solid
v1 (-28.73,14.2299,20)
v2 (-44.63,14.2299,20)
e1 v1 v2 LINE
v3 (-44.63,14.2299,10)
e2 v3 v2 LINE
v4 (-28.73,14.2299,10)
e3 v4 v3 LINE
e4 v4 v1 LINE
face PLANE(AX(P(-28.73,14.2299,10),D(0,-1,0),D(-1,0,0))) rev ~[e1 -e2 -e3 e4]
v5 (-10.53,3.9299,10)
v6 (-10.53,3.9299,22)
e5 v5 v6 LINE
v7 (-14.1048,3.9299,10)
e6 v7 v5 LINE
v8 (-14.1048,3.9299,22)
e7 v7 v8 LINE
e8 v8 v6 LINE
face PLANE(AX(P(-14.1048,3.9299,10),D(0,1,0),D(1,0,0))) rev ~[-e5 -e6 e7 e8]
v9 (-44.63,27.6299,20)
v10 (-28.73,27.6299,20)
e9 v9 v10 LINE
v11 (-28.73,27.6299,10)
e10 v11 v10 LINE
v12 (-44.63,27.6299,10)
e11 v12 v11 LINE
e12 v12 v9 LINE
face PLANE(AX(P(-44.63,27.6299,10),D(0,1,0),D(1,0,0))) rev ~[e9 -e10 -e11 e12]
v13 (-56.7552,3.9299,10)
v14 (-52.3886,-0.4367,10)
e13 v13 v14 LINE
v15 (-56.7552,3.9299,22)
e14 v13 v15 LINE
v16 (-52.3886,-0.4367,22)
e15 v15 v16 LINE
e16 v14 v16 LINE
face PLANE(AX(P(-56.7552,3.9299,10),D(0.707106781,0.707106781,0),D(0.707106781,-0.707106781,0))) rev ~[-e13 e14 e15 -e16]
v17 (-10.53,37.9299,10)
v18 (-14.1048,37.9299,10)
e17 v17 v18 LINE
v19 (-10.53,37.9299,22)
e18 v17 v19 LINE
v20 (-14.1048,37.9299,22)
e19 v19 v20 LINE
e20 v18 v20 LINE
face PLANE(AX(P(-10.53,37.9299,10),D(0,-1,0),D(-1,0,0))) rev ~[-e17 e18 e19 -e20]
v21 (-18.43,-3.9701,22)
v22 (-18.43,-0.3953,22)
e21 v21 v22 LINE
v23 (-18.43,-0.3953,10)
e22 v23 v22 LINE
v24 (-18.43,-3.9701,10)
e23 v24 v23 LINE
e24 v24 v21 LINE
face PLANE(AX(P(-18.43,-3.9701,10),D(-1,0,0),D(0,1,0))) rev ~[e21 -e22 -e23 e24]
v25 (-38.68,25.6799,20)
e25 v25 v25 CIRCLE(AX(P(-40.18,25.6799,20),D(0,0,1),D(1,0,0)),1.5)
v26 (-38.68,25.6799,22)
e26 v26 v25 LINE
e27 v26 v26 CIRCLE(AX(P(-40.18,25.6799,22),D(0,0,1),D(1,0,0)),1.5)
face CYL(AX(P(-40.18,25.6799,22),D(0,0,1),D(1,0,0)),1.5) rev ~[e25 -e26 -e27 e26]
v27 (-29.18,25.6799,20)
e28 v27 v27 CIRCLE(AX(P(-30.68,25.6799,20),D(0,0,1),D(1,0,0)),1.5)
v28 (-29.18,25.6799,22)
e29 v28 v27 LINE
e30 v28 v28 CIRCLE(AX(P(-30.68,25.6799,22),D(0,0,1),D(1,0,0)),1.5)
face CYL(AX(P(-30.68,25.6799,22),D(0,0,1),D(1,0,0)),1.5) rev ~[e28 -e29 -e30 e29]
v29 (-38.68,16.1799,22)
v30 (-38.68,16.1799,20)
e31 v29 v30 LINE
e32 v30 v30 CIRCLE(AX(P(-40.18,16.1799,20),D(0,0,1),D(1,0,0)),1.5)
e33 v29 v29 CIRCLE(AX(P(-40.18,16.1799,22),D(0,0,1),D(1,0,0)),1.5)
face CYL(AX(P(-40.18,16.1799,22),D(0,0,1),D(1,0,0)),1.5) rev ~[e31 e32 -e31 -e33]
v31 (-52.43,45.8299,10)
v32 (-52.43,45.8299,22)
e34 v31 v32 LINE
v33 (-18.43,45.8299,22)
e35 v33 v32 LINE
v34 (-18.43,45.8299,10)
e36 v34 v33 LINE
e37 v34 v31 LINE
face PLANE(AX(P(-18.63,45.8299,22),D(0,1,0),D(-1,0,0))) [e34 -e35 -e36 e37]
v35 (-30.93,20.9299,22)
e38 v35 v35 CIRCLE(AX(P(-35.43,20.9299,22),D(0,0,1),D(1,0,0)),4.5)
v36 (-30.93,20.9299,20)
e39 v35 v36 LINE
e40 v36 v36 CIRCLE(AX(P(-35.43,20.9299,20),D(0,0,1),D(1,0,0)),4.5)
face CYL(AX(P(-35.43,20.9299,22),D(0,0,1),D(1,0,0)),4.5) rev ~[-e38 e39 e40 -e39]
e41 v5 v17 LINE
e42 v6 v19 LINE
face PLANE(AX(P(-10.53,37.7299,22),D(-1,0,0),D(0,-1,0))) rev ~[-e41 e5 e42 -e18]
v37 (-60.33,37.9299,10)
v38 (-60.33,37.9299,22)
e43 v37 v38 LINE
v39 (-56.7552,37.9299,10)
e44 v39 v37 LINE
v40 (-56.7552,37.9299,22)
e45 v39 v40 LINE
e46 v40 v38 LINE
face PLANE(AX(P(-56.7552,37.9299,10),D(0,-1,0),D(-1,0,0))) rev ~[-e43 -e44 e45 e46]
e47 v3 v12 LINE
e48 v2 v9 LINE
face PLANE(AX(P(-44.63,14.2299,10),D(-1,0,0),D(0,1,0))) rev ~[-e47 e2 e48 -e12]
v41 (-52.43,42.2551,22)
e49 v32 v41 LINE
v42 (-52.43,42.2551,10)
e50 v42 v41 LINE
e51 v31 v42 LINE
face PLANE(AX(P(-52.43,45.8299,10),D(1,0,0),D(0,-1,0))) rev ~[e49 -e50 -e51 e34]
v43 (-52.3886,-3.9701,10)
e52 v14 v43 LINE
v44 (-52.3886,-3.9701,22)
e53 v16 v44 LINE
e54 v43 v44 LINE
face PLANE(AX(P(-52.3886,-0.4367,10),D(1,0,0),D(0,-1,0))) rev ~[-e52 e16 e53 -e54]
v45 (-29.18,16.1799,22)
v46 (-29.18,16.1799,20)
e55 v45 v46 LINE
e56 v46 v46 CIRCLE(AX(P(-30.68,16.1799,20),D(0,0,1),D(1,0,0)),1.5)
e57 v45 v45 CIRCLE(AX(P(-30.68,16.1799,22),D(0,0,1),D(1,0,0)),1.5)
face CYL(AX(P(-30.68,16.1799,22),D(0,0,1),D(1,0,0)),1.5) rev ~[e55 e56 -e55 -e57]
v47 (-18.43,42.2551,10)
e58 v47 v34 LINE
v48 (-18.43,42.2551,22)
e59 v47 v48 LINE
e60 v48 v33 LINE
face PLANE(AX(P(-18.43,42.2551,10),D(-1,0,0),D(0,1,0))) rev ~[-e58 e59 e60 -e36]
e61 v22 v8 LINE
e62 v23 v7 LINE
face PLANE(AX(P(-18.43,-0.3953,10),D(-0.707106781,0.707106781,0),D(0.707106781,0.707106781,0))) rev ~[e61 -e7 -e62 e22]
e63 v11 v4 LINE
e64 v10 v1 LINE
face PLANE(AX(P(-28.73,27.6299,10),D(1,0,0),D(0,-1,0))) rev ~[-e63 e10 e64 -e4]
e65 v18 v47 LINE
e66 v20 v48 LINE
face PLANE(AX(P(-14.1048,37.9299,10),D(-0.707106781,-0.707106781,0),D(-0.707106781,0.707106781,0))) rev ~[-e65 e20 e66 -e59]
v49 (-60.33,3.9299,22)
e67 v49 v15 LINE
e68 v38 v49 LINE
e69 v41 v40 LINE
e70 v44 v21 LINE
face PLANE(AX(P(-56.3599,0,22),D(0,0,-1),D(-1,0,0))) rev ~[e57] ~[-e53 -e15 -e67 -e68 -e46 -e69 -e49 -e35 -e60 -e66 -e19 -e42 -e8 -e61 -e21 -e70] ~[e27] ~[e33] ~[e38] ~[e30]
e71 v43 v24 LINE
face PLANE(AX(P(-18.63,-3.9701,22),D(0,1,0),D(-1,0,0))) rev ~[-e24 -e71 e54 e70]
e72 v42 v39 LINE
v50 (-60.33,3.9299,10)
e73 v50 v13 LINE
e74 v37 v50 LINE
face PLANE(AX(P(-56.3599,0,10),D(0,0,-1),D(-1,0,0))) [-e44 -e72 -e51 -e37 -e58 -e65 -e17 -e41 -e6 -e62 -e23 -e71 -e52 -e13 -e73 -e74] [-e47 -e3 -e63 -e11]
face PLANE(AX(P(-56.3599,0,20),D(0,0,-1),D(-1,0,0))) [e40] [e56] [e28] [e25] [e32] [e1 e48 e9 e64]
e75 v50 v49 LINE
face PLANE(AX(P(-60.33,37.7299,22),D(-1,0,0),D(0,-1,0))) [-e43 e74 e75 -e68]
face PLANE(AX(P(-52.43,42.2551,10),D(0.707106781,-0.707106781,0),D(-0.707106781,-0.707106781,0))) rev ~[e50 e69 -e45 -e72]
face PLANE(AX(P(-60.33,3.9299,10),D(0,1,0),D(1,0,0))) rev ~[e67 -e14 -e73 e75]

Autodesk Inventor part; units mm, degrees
ref_plane "YZ Plane" through (0, 0, 0) normal (1, 0, 0) x (0, 1, 0)
ref_plane "XZ Plane" through (0, 0, 0) normal (0, 1, 0) x (-1, 0, 0)
ref_plane "Work Plane1" through (-56.3599, 0, 22) normal (0, 0, -1) x (-1, 0, 0)
sketch "Sketch1" plane through (-56.3599, 0, 22) normal (0, 0, -1) x (-1, 0, 0)
  line L0 (-4.0299, -0.3538) -> (-2.2322, 1.4439) construction
  arc A0 (-1.4439, 2.2322) -> (-2.2322, 1.4439) centre (-0.9299, 0.9299) ccw construction
  line L1 (-1.4439, 2.2322) -> (0.3538, 4.0299) construction
  line L2 (-37.8299, 42.8299) -> (-37.8299, 37.8299) construction
  line L3 (-37.8299, 37.8299) -> (-42.9208, 37.8299) construction
  line L4 (-37.8299, 42.2137) -> (-37.8299, 45.8299) construction
  line L5 (-37.8299, 45.8299) -> (-4.0299, 45.8299) construction
  line L6 (-4.0299, 45.8299) -> (-4.0299, 42.2137) construction
  line L7 (-4.0299, 4.0299) -> (0.3538, 4.0299) projected
  circle A1 centre (-20.9299, 20.9299) radius 17.5 projected
  line L8 (-20.9299, 58.9723) -> (17.1124, 20.9299) construction
  line L9 (17.1124, 20.9299) -> (-20.9299, -17.1124) construction
  line L10 (-20.9299, -17.1124) -> (-58.9723, 20.9299) construction
  line L11 (-58.9723, 20.9299) -> (-20.9299, 58.9723) construction
  line L12 (-20.9299, 58.9723) -> (-20.9299, -17.1124) construction
  line L13 (17.1124, 20.9299) -> (-58.9723, 20.9299) construction
  line L14 (-20.9299, 58.9723) -> (32.8701, 58.9723) construction
  line L15 (-43.4299, 43.4299) -> (1.5701, 43.4299) construction
  line L16 (1.5701, 43.4299) -> (1.5701, -1.5701) construction
  line L17 (1.5701, -1.5701) -> (-43.4299, -1.5701) construction
  line L18 (-43.4299, -1.5701) -> (-43.4299, 43.4299) construction
  line L19 (-43.4299, 43.4299) -> (1.5701, -1.5701) construction
  line L20 (1.5701, 43.4299) -> (-43.4299, -1.5701) construction
  line L21 (-43.4299, 5.3876) -> (-43.4299, 36.4723)
  line L22 (-43.4299, 36.4723) -> (-36.4723, 43.4299)
  line L23 (-36.4723, 43.4299) -> (-5.3876, 43.4299)
  line L24 (-5.3876, 43.4299) -> (1.5701, 36.4723)
  line L25 (1.5701, 36.4723) -> (1.5701, 5.3876)
  line L26 (1.5701, 5.3876) -> (-5.3876, -1.5701)
  line L27 (-5.3876, -1.5701) -> (-36.4723, -1.5701)
  line L28 (-36.4723, -1.5701) -> (-43.4299, 5.3876)
  line L29 (-4.0299, 42.2137) -> (-37.8299, 42.2137) projected
  line L30 (-4.0299, -0.3538) -> (-4.0299, 4.0299) projected
  circle A2 centre (-20.9299, 20.9299) radius 1.5
  line L31 (-10.9299, 10.9299) -> (-30.9299, 10.9299) construction
  line L32 (-30.9299, 10.9299) -> (-30.9299, 30.9299) construction
  line L33 (-30.9299, 30.9299) -> (-10.9299, 30.9299) construction
  line L34 (-10.9299, 30.9299) -> (-10.9299, 10.9299) construction
  line L35 (-10.9299, 10.9299) -> (-30.9299, 30.9299) construction
  line L36 (-30.9299, 10.9299) -> (-10.9299, 30.9299) construction
  circle A3 centre (-30.9299, 30.9299) radius 1.4
  circle A4 centre (-30.9299, 10.9299) radius 1.4
  circle A5 centre (-10.9299, 10.9299) radius 1.4
  line L37 (-45.8299, 37.8299) -> (-42.0723, 37.8299) construction
  line L38 (-42.1723, 37.7299) -> (-45.8299, 37.7299)
  line L39 (-45.8299, 37.7299) -> (-45.8299, 4.1299)
  line L40 (-45.8299, 4.1299) -> (-42.1723, 4.1299)
  line L41 (-42.1723, 4.1299) -> (-42.1723, 37.7299)
  line L42 (-45.8299, 4.0299) -> (-42.0723, 4.0299) construction
  line L43 (-45.8299, 37.8299) -> (-42.0723, 37.8299) projected
  line L44 (-37.7299, 45.8299) -> (-4.1299, 45.8299)
  line L45 (-4.1299, 45.8299) -> (-4.1299, 42.1723)
  line L46 (-4.1299, 42.1723) -> (-37.7299, 42.1723)
  line L47 (-37.7299, 42.1723) -> (-37.7299, 45.8299)
  line L48 (0.4701, 37.8299) -> (0.4701, 4.0299) construction
  line L49 (0.4701, 4.0299) -> (3.9701, 4.0299) construction
  line L50 (3.9701, 37.8299) -> (3.9701, 4.0299) construction
  line L51 (0.4701, 37.8299) -> (3.9701, 37.8299) construction
  line L52 (-45.8299, -3.9701) -> (-4.0299, -3.9701) construction
  line L53 (0.3124, 37.7299) -> (3.9701, 37.7299)
  line L54 (3.9701, 37.7299) -> (3.9701, 4.1299)
  line L55 (3.9701, 4.1299) -> (0.3124, 4.1299)
  line L56 (0.3124, 4.1299) -> (0.3124, 37.7299)
  line L57 (-4.1713, -0.3538) -> (-37.7299, -0.3538)
  line L58 (-37.7299, -0.3538) -> (-37.7299, -3.9701)
  line L59 (-37.7299, -3.9701) -> (-4.1713, -3.9701)
  line L60 (-4.1713, -3.9701) -> (-4.1713, -0.3538)
  point P0 (-37.8299, 4.0299)
  dimension "d18" = 53.8
  dimension "d19" = 45
  dimension "d20" = 53.8
  dimension "d21" = 45
  dimension "d22" = 45
  dimension "d30" = 20
  dimension "d31" = 20
  dimension "d32" = 2.8
  dimension "d33" = 2.8
  dimension "d34" = 2.8
  dimension "d35" = 3
  dimension "d36" = 0.1
  dimension "d37" = 0.1
  dimension "d38" = 0.1
  dimension "d39" = 0.1
extrude "Extrusion1" add sketch "Sketch1" along normal blind 12 contours L30 L26 L57 L28 L41 L22 L46 L24 L56 L7 | L7 L26 L30 | L56 L24 L25 L26 | L26 L25 L24 L53 L54 L55 | L60 L59 L58 L57 L28 L27 L26 | L26 L27 L28 L57 | L46 L22 L29 L24 | L24 L29 L45 | L40 L39 L38 L22 L21 L28 | L28 L21 L22 L41 | L29 L22 L23 L24 | L24 L23 L22 L29 L47 L44 L45 | L47 L29 L22 | A1 | A2 | A3 | A4 | A5
sketch "Skizze4" plane through (-56.3599, 0, 10) normal (0, 0, -1) x (-1, 0, 0)
  line L0 (-37.7299, 42.1723) -> (-42.1723, 37.7299) projected
  line L1 (-42.1723, 37.7299) -> (-45.8299, 37.7299) projected
  line L2 (-45.8299, 37.7299) -> (-45.8299, 4.1299) construction
  line L3 (-45.8299, 4.1299) -> (-42.1723, 4.1299) projected
  line L4 (-42.1723, 4.1299) -> (-37.6885, -0.3538) projected
  line L5 (-37.6885, -0.3538) -> (-37.7299, -0.3538) projected
  line L6 (-37.7299, -0.3538) -> (-37.7299, -3.9701) projected
  line L7 (-37.7299, -3.9701) -> (-4.1713, -3.9701) construction
  line L8 (-4.1713, -3.9701) -> (-4.1713, -0.3538) projected
  line L9 (-4.1713, -0.3538) -> (0.3124, 4.1299) projected
  line L10 (0.3124, 4.1299) -> (3.9701, 4.1299) projected
  line L11 (3.9701, 4.1299) -> (3.9701, 37.7299) construction
  line L12 (3.9701, 37.7299) -> (0.3124, 37.7299) projected
  line L13 (0.3124, 37.7299) -> (-4.1299, 42.1723) projected
  line L14 (-4.1299, 42.1723) -> (-4.1299, 45.8299) projected
  line L15 (-4.1299, 45.8299) -> (-37.7299, 45.8299) construction
  line L16 (-37.7299, 45.8299) -> (-37.7299, 42.1723) projected
  line L17 (-37.9299, 46.0299) -> (-3.9299, 46.0299) construction
  line L18 (-3.9299, 46.0299) -> (-3.9299, 42.2551)
  line L19 (-3.9299, 42.2551) -> (0.3953, 37.9299)
  line L20 (0.3953, 37.9299) -> (4.1701, 37.9299)
  line L21 (4.1701, 37.9299) -> (4.1701, 3.9299) construction
  line L22 (4.1701, 3.9299) -> (0.3953, 3.9299)
  line L23 (0.3953, 3.9299) -> (-3.9713, -0.4367)
  line L24 (-3.9713, -0.4367) -> (-3.9713, -4.1701)
  line L25 (-3.9713, -4.1701) -> (-37.9299, -4.1701) construction
  line L26 (-37.9299, -4.1701) -> (-37.9299, -0.3953)
  line L27 (-37.9299, -0.3953) -> (-42.2551, 3.9299)
  line L28 (-42.2551, 3.9299) -> (-46.0299, 3.9299)
  line L29 (-46.0299, 3.9299) -> (-46.0299, 37.9299) construction
  line L30 (-46.0299, 37.9299) -> (-42.2551, 37.9299)
  line L31 (-42.2551, 37.9299) -> (-37.9299, 42.2551)
  line L32 (-37.9299, 42.2551) -> (-37.9299, 46.0299)
  line L33 (-45.8299, 37.7299) -> (-45.8299, 37.9299)
  line L34 (-4.1299, 45.8299) -> (-37.7299, 45.8299) projected
  line L35 (-37.7299, 45.8299) -> (-37.9299, 45.8299)
  line L36 (-4.1299, 45.8299) -> (-3.9299, 45.8299)
  line L37 (3.9701, 37.7299) -> (3.9701, 37.9299)
  line L38 (3.9701, 4.1299) -> (3.9701, 37.7299) projected
  line L39 (3.9701, 4.1299) -> (3.9701, 3.9299)
  line L40 (-4.1713, -3.9701) -> (-3.9713, -3.9701)
  line L41 (-37.7299, -3.9701) -> (-37.9299, -3.9701)
  line L42 (-45.8299, 4.1299) -> (-45.8299, 3.9299)
  point P0 (-56.3599, 0)
  dimension "d40" = 0.2
extrude "IM_offset" add sketch "Skizze4" against normal up to surface (12 mm away)
ref_plane "Arbeitsebene5" through (-35.4299, 3.9299, 22) normal (-1, 0, 0) x (0, 0, 1)
ref_plane "Arbeitsebene6" through (-18.4299, 20.9299, 22) normal (0, 1, 0) x (-1, 0, 0)
sketch "Skizze31" plane through (-56.3599, 0, 10) normal (0, 0, -1) x (-1, 0, 0)
  line L0 (3.9701, 3.9299) -> (3.9701, 37.9299) projected
  line L1 (3.9701, 37.9299) -> (0.3953, 37.9299) projected
  line L2 (0.3953, 37.9299) -> (-3.9299, 42.2551) projected
  line L3 (-3.9299, 42.2551) -> (-3.9299, 45.8299) projected
  line L4 (-3.9299, 45.8299) -> (-37.9299, 45.8299) projected
  line L5 (-37.9299, 45.8299) -> (-37.9299, 42.2551) projected
  line L6 (-37.9299, 42.2551) -> (-42.2551, 37.9299) projected
  line L7 (-42.2551, 37.9299) -> (-45.8299, 37.9299) projected
  line L8 (-45.8299, 37.9299) -> (-45.8299, 3.9299) projected
  line L9 (-42.2551, 3.9299) -> (-45.8299, 3.9299) projected
  line L10 (-37.9299, -0.3953) -> (-42.2551, 3.9299) projected
  line L11 (-37.9299, -3.9701) -> (-37.9299, -0.3953) projected
  line L12 (-3.9713, -3.9701) -> (-37.9299, -3.9701) projected
  line L13 (-3.9713, -3.9701) -> (-3.9713, -0.4367) projected
  line L14 (-3.9713, -0.4367) -> (0.3953, 3.9299) projected
  line L15 (0.3953, 3.9299) -> (3.9701, 3.9299) projected
  line L16 (-11.9299, 27.4299) -> (-27.4299, 27.4299) projected
  line L17 (-11.9299, 14.4299) -> (-11.9299, 27.4299) projected
  line L18 (-27.4299, 14.4299) -> (-11.9299, 14.4299) projected
  line L19 (-27.4299, 27.4299) -> (-27.4299, 14.4299) projected
  circle A0 centre (-20.9299, 20.9299) radius 4.5 projected
  circle A1 centre (-25.6799, 25.6799) radius 0.75 projected
  circle A2 centre (-25.6799, 16.1799) radius 0.75 projected
  circle A3 centre (-16.1799, 16.1799) radius 0.75 projected
  circle A4 centre (-16.1799, 25.6799) radius 0.75 projected
  line L20 (-27.6299, 14.2299) -> (-11.7299, 14.2299)
  line L21 (-11.7299, 14.2299) -> (-11.7299, 27.6299)
  line L22 (-11.7299, 27.6299) -> (-27.6299, 27.6299)
  line L23 (-27.6299, 27.6299) -> (-27.6299, 14.2299)
  point P0 (-56.3599, 0)
  dimension "d184" = 0.2
extrude "Extrusion26" cut sketch "Skizze31" against normal blind 10 contours L17 L18 L19 L16 | A0 | A1 | A2 | A3 | A4 | L23 L22 L21 L20
sketch "Skizze32" plane through (-56.3599, 0, 22) normal (0, 0, 1) x (1, 0, 0)
  circle A0 centre (20.9299, 20.9299) radius 4.5 projected
  circle A1 centre (25.6799, 25.6799) radius 1.25 projected
  circle A2 centre (16.1799, 16.1799) radius 1.25 projected
  circle A3 centre (25.6799, 16.1799) radius 1.25 projected
  circle A4 centre (16.1799, 25.6799) radius 1.25 projected
  line L0 (14.4299, 27.4299) -> (27.4299, 27.4299) projected
  line L1 (27.4299, 27.4299) -> (27.4299, 14.4299) projected
  line L2 (27.4299, 14.4299) -> (14.4299, 14.4299) projected
  line L3 (14.4299, 14.4299) -> (14.4299, 27.4299) projected
  circle A5 centre (16.1799, 25.6799) radius 1.25
  circle A6 centre (16.1799, 25.6799) radius 1.5
  circle A7 centre (25.6799, 25.6799) radius 1.5
  circle A8 centre (25.6799, 16.1799) radius 1.5
  circle A9 centre (16.1799, 16.1799) radius 1.5
  point P0 (56.3599, 0)
  dimension "d187" = 13
  dimension "d188" = 13
  dimension "d189" = 9
  dimension "d190" = 2.5
  dimension "d191" = 1.75
  dimension "d192" = 9.5
  dimension "d193" = 1.75
  dimension "d194" = 3
  dimension "d195" = 3
  dimension "d196" = 3
  dimension "d197" = 3
extrude "Extrusion27" cut sketch "Skizze32" against normal blind 10 contours A0 | A1 | A2 | A3 | A4 | A6 | A7 | A8 | A9
properties part number "20_Cube_Insert_Lasertack_mount_v3"
